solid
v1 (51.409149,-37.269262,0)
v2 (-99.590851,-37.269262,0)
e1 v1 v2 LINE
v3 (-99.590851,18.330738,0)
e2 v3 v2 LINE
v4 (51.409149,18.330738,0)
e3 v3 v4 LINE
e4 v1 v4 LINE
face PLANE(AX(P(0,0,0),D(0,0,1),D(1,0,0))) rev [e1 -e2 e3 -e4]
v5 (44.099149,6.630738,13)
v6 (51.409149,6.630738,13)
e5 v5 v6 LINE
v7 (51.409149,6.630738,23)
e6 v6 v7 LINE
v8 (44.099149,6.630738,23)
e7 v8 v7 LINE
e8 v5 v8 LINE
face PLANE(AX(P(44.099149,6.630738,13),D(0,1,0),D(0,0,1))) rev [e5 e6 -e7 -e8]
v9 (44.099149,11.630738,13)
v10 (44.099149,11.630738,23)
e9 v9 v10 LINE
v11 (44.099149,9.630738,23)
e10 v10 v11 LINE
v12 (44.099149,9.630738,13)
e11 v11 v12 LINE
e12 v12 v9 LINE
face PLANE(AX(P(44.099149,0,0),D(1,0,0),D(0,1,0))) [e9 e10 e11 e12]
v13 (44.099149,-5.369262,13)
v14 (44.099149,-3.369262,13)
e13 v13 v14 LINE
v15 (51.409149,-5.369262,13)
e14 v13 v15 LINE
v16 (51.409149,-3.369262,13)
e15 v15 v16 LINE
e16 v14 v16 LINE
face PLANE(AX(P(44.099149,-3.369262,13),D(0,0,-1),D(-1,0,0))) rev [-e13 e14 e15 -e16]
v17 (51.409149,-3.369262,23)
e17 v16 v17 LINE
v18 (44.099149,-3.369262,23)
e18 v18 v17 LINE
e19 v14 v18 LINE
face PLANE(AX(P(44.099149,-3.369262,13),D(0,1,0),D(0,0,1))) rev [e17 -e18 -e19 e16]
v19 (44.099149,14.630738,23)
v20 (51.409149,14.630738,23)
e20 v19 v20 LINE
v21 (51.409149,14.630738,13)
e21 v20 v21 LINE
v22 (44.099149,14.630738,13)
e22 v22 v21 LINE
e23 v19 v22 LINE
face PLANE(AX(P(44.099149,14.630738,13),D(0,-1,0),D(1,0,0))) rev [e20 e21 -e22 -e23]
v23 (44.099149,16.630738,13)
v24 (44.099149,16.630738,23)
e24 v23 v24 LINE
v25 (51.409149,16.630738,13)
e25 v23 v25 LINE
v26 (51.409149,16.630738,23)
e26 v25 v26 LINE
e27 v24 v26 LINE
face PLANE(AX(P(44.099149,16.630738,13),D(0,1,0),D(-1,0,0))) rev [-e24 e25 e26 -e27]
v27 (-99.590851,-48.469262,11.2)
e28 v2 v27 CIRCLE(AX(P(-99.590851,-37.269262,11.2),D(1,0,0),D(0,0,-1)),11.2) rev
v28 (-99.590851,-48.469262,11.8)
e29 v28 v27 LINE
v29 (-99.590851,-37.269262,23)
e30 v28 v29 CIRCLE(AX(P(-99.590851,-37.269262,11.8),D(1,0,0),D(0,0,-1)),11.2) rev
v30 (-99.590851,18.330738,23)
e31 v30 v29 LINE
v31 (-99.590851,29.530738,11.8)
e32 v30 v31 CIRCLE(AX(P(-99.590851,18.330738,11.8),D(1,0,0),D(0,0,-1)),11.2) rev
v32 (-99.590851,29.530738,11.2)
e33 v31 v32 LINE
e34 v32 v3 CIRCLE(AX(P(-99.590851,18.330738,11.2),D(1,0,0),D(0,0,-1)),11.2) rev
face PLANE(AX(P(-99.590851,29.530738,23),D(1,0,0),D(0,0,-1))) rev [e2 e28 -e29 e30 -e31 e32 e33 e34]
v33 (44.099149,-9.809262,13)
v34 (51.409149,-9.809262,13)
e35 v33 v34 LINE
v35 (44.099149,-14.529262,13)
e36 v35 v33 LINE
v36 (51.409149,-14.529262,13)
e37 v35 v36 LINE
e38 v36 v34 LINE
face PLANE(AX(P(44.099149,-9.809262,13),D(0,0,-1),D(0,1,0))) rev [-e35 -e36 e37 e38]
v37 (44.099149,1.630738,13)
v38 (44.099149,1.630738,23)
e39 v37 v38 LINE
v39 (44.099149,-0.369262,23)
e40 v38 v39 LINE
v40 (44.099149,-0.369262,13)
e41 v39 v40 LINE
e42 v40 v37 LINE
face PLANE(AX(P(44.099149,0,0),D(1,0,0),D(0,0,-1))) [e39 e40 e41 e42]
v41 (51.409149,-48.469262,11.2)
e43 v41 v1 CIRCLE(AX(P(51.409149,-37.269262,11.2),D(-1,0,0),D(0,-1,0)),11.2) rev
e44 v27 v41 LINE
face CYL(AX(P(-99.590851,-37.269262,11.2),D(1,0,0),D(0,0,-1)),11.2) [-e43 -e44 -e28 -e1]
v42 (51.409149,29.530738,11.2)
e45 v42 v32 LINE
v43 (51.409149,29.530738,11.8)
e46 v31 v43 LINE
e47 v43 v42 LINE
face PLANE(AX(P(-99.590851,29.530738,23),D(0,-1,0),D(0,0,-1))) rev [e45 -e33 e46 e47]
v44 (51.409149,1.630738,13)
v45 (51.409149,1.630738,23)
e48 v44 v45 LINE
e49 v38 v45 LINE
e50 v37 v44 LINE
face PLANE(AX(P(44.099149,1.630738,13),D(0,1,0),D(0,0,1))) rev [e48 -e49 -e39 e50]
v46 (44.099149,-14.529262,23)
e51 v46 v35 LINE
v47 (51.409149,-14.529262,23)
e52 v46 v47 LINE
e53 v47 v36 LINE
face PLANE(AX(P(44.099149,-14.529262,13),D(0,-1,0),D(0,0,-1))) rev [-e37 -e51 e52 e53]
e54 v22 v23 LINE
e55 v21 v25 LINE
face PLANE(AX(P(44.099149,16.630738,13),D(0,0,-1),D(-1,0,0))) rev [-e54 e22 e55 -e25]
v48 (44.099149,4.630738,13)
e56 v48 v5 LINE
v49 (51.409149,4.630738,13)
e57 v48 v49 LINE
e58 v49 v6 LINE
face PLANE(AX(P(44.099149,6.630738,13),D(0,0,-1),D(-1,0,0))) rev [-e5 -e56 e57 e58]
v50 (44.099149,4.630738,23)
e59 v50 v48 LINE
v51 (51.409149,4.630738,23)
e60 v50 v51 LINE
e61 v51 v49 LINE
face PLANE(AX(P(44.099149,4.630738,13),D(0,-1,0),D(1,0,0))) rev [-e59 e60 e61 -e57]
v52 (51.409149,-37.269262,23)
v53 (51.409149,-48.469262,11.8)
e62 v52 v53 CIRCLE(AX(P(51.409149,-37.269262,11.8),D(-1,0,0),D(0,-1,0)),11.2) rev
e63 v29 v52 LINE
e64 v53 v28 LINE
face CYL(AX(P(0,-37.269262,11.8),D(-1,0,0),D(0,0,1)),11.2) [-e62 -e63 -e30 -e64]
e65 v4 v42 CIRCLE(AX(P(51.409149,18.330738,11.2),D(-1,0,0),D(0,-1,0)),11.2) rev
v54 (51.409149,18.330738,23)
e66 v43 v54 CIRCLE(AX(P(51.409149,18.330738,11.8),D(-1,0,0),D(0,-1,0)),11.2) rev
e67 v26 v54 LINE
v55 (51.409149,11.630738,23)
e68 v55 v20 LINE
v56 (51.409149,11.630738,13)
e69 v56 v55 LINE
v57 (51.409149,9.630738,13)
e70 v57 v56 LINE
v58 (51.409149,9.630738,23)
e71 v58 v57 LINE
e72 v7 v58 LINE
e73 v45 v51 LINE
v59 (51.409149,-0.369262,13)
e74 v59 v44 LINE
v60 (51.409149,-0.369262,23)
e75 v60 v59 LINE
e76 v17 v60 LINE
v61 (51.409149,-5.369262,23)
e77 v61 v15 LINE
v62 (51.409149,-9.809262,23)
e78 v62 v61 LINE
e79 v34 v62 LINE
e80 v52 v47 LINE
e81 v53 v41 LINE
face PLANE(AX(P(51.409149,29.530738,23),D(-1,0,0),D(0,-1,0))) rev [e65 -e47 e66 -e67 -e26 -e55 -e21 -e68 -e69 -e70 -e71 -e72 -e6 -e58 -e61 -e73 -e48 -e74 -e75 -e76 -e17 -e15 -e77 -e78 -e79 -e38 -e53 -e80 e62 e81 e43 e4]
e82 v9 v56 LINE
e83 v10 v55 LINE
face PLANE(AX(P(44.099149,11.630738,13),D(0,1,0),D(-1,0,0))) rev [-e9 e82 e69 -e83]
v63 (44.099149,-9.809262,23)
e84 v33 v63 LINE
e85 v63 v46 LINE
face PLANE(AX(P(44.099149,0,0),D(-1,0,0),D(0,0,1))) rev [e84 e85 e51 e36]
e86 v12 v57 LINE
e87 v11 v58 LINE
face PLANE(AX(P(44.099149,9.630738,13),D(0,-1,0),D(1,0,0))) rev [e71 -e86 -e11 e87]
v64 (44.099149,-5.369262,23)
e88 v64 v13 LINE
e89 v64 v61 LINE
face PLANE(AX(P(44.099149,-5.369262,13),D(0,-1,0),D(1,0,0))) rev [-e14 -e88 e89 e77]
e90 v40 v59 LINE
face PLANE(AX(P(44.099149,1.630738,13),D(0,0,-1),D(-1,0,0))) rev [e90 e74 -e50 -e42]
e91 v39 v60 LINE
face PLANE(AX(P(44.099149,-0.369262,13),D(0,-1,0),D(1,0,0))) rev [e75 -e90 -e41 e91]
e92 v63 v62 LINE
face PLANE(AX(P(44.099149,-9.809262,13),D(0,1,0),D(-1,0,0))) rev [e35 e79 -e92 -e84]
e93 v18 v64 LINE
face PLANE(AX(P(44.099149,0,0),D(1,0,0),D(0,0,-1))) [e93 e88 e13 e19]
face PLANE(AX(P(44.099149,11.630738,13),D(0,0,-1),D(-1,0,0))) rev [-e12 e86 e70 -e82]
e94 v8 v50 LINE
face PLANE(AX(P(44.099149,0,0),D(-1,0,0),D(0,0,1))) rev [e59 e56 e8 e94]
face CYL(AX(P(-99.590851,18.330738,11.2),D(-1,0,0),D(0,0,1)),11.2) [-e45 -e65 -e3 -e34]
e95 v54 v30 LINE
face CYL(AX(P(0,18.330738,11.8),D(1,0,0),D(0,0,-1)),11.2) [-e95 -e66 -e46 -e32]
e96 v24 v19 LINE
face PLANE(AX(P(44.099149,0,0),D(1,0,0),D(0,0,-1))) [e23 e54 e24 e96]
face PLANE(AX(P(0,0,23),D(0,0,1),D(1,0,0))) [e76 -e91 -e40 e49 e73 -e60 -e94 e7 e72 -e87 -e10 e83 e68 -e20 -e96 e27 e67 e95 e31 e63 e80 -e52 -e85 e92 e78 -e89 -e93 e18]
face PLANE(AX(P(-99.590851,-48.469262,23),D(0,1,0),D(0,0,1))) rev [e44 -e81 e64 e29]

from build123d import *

# Parameters (mm, degrees)
ESQUISSE2_W             = 151
ESQUISSE2_H             = 78
BOSS_EXTRU_1_DEPTH      = 23
ESQUISSE3_W             = 10
ESQUISSE3_H             = 2
ESQUISSE3_H_2           = 4.72
ENL_V_MAT_EXTRU_1_DEPTH = 7.31
CONG_1_R                = 11.2


with BuildPart() as part:
    # Esquisse2 → Boss.-Extru.1 (new body)
    with BuildSketch(Plane.XY):
        with Locations((-24.090850635, -9.469261584)):
            Rectangle(ESQUISSE2_W, ESQUISSE2_H)
    extrude(amount=BOSS_EXTRU_1_DEPTH)

    # Esquisse3 → Enlèv. mat.-Extru.1 (cut)
    with BuildSketch(Plane(origin=(51.409149365, 0, 0), x_dir=(0, 0, -1), z_dir=(1, 0, 0))):
        with Locations((-18, 5.630738416)):
            Rectangle(ESQUISSE3_W, ESQUISSE3_H)
        with Locations((-18, 10.630738416)):
            Rectangle(ESQUISSE3_W, ESQUISSE3_H)
        with Locations((-18, -12.169261584)):
            Rectangle(ESQUISSE3_W, ESQUISSE3_H_2)
        with Locations((-18, 15.630738416)):
            Rectangle(ESQUISSE3_W, ESQUISSE3_H)
        with Locations((-18, 0.630738416)):
            Rectangle(ESQUISSE3_W, ESQUISSE3_H)
        with Locations((-18, -4.369261584)):
            Rectangle(ESQUISSE3_W, ESQUISSE3_H)
    extrude(amount=-ENL_V_MAT_EXTRU_1_DEPTH, mode=Mode.SUBTRACT)

    # Congé1
    cong_1_edges = [part.edges().sort_by_distance(p)[0] for p in [
        (-24.090850635, 29.530738416, 23),
        (-24.090850635, 29.530738416, 0),
        (-24.090850635, -48.469261584, 0),
        (-24.090850635, -48.469261584, 23),
    ]]
    fillet(cong_1_edges, radius=CONG_1_R)


solid = part.part
